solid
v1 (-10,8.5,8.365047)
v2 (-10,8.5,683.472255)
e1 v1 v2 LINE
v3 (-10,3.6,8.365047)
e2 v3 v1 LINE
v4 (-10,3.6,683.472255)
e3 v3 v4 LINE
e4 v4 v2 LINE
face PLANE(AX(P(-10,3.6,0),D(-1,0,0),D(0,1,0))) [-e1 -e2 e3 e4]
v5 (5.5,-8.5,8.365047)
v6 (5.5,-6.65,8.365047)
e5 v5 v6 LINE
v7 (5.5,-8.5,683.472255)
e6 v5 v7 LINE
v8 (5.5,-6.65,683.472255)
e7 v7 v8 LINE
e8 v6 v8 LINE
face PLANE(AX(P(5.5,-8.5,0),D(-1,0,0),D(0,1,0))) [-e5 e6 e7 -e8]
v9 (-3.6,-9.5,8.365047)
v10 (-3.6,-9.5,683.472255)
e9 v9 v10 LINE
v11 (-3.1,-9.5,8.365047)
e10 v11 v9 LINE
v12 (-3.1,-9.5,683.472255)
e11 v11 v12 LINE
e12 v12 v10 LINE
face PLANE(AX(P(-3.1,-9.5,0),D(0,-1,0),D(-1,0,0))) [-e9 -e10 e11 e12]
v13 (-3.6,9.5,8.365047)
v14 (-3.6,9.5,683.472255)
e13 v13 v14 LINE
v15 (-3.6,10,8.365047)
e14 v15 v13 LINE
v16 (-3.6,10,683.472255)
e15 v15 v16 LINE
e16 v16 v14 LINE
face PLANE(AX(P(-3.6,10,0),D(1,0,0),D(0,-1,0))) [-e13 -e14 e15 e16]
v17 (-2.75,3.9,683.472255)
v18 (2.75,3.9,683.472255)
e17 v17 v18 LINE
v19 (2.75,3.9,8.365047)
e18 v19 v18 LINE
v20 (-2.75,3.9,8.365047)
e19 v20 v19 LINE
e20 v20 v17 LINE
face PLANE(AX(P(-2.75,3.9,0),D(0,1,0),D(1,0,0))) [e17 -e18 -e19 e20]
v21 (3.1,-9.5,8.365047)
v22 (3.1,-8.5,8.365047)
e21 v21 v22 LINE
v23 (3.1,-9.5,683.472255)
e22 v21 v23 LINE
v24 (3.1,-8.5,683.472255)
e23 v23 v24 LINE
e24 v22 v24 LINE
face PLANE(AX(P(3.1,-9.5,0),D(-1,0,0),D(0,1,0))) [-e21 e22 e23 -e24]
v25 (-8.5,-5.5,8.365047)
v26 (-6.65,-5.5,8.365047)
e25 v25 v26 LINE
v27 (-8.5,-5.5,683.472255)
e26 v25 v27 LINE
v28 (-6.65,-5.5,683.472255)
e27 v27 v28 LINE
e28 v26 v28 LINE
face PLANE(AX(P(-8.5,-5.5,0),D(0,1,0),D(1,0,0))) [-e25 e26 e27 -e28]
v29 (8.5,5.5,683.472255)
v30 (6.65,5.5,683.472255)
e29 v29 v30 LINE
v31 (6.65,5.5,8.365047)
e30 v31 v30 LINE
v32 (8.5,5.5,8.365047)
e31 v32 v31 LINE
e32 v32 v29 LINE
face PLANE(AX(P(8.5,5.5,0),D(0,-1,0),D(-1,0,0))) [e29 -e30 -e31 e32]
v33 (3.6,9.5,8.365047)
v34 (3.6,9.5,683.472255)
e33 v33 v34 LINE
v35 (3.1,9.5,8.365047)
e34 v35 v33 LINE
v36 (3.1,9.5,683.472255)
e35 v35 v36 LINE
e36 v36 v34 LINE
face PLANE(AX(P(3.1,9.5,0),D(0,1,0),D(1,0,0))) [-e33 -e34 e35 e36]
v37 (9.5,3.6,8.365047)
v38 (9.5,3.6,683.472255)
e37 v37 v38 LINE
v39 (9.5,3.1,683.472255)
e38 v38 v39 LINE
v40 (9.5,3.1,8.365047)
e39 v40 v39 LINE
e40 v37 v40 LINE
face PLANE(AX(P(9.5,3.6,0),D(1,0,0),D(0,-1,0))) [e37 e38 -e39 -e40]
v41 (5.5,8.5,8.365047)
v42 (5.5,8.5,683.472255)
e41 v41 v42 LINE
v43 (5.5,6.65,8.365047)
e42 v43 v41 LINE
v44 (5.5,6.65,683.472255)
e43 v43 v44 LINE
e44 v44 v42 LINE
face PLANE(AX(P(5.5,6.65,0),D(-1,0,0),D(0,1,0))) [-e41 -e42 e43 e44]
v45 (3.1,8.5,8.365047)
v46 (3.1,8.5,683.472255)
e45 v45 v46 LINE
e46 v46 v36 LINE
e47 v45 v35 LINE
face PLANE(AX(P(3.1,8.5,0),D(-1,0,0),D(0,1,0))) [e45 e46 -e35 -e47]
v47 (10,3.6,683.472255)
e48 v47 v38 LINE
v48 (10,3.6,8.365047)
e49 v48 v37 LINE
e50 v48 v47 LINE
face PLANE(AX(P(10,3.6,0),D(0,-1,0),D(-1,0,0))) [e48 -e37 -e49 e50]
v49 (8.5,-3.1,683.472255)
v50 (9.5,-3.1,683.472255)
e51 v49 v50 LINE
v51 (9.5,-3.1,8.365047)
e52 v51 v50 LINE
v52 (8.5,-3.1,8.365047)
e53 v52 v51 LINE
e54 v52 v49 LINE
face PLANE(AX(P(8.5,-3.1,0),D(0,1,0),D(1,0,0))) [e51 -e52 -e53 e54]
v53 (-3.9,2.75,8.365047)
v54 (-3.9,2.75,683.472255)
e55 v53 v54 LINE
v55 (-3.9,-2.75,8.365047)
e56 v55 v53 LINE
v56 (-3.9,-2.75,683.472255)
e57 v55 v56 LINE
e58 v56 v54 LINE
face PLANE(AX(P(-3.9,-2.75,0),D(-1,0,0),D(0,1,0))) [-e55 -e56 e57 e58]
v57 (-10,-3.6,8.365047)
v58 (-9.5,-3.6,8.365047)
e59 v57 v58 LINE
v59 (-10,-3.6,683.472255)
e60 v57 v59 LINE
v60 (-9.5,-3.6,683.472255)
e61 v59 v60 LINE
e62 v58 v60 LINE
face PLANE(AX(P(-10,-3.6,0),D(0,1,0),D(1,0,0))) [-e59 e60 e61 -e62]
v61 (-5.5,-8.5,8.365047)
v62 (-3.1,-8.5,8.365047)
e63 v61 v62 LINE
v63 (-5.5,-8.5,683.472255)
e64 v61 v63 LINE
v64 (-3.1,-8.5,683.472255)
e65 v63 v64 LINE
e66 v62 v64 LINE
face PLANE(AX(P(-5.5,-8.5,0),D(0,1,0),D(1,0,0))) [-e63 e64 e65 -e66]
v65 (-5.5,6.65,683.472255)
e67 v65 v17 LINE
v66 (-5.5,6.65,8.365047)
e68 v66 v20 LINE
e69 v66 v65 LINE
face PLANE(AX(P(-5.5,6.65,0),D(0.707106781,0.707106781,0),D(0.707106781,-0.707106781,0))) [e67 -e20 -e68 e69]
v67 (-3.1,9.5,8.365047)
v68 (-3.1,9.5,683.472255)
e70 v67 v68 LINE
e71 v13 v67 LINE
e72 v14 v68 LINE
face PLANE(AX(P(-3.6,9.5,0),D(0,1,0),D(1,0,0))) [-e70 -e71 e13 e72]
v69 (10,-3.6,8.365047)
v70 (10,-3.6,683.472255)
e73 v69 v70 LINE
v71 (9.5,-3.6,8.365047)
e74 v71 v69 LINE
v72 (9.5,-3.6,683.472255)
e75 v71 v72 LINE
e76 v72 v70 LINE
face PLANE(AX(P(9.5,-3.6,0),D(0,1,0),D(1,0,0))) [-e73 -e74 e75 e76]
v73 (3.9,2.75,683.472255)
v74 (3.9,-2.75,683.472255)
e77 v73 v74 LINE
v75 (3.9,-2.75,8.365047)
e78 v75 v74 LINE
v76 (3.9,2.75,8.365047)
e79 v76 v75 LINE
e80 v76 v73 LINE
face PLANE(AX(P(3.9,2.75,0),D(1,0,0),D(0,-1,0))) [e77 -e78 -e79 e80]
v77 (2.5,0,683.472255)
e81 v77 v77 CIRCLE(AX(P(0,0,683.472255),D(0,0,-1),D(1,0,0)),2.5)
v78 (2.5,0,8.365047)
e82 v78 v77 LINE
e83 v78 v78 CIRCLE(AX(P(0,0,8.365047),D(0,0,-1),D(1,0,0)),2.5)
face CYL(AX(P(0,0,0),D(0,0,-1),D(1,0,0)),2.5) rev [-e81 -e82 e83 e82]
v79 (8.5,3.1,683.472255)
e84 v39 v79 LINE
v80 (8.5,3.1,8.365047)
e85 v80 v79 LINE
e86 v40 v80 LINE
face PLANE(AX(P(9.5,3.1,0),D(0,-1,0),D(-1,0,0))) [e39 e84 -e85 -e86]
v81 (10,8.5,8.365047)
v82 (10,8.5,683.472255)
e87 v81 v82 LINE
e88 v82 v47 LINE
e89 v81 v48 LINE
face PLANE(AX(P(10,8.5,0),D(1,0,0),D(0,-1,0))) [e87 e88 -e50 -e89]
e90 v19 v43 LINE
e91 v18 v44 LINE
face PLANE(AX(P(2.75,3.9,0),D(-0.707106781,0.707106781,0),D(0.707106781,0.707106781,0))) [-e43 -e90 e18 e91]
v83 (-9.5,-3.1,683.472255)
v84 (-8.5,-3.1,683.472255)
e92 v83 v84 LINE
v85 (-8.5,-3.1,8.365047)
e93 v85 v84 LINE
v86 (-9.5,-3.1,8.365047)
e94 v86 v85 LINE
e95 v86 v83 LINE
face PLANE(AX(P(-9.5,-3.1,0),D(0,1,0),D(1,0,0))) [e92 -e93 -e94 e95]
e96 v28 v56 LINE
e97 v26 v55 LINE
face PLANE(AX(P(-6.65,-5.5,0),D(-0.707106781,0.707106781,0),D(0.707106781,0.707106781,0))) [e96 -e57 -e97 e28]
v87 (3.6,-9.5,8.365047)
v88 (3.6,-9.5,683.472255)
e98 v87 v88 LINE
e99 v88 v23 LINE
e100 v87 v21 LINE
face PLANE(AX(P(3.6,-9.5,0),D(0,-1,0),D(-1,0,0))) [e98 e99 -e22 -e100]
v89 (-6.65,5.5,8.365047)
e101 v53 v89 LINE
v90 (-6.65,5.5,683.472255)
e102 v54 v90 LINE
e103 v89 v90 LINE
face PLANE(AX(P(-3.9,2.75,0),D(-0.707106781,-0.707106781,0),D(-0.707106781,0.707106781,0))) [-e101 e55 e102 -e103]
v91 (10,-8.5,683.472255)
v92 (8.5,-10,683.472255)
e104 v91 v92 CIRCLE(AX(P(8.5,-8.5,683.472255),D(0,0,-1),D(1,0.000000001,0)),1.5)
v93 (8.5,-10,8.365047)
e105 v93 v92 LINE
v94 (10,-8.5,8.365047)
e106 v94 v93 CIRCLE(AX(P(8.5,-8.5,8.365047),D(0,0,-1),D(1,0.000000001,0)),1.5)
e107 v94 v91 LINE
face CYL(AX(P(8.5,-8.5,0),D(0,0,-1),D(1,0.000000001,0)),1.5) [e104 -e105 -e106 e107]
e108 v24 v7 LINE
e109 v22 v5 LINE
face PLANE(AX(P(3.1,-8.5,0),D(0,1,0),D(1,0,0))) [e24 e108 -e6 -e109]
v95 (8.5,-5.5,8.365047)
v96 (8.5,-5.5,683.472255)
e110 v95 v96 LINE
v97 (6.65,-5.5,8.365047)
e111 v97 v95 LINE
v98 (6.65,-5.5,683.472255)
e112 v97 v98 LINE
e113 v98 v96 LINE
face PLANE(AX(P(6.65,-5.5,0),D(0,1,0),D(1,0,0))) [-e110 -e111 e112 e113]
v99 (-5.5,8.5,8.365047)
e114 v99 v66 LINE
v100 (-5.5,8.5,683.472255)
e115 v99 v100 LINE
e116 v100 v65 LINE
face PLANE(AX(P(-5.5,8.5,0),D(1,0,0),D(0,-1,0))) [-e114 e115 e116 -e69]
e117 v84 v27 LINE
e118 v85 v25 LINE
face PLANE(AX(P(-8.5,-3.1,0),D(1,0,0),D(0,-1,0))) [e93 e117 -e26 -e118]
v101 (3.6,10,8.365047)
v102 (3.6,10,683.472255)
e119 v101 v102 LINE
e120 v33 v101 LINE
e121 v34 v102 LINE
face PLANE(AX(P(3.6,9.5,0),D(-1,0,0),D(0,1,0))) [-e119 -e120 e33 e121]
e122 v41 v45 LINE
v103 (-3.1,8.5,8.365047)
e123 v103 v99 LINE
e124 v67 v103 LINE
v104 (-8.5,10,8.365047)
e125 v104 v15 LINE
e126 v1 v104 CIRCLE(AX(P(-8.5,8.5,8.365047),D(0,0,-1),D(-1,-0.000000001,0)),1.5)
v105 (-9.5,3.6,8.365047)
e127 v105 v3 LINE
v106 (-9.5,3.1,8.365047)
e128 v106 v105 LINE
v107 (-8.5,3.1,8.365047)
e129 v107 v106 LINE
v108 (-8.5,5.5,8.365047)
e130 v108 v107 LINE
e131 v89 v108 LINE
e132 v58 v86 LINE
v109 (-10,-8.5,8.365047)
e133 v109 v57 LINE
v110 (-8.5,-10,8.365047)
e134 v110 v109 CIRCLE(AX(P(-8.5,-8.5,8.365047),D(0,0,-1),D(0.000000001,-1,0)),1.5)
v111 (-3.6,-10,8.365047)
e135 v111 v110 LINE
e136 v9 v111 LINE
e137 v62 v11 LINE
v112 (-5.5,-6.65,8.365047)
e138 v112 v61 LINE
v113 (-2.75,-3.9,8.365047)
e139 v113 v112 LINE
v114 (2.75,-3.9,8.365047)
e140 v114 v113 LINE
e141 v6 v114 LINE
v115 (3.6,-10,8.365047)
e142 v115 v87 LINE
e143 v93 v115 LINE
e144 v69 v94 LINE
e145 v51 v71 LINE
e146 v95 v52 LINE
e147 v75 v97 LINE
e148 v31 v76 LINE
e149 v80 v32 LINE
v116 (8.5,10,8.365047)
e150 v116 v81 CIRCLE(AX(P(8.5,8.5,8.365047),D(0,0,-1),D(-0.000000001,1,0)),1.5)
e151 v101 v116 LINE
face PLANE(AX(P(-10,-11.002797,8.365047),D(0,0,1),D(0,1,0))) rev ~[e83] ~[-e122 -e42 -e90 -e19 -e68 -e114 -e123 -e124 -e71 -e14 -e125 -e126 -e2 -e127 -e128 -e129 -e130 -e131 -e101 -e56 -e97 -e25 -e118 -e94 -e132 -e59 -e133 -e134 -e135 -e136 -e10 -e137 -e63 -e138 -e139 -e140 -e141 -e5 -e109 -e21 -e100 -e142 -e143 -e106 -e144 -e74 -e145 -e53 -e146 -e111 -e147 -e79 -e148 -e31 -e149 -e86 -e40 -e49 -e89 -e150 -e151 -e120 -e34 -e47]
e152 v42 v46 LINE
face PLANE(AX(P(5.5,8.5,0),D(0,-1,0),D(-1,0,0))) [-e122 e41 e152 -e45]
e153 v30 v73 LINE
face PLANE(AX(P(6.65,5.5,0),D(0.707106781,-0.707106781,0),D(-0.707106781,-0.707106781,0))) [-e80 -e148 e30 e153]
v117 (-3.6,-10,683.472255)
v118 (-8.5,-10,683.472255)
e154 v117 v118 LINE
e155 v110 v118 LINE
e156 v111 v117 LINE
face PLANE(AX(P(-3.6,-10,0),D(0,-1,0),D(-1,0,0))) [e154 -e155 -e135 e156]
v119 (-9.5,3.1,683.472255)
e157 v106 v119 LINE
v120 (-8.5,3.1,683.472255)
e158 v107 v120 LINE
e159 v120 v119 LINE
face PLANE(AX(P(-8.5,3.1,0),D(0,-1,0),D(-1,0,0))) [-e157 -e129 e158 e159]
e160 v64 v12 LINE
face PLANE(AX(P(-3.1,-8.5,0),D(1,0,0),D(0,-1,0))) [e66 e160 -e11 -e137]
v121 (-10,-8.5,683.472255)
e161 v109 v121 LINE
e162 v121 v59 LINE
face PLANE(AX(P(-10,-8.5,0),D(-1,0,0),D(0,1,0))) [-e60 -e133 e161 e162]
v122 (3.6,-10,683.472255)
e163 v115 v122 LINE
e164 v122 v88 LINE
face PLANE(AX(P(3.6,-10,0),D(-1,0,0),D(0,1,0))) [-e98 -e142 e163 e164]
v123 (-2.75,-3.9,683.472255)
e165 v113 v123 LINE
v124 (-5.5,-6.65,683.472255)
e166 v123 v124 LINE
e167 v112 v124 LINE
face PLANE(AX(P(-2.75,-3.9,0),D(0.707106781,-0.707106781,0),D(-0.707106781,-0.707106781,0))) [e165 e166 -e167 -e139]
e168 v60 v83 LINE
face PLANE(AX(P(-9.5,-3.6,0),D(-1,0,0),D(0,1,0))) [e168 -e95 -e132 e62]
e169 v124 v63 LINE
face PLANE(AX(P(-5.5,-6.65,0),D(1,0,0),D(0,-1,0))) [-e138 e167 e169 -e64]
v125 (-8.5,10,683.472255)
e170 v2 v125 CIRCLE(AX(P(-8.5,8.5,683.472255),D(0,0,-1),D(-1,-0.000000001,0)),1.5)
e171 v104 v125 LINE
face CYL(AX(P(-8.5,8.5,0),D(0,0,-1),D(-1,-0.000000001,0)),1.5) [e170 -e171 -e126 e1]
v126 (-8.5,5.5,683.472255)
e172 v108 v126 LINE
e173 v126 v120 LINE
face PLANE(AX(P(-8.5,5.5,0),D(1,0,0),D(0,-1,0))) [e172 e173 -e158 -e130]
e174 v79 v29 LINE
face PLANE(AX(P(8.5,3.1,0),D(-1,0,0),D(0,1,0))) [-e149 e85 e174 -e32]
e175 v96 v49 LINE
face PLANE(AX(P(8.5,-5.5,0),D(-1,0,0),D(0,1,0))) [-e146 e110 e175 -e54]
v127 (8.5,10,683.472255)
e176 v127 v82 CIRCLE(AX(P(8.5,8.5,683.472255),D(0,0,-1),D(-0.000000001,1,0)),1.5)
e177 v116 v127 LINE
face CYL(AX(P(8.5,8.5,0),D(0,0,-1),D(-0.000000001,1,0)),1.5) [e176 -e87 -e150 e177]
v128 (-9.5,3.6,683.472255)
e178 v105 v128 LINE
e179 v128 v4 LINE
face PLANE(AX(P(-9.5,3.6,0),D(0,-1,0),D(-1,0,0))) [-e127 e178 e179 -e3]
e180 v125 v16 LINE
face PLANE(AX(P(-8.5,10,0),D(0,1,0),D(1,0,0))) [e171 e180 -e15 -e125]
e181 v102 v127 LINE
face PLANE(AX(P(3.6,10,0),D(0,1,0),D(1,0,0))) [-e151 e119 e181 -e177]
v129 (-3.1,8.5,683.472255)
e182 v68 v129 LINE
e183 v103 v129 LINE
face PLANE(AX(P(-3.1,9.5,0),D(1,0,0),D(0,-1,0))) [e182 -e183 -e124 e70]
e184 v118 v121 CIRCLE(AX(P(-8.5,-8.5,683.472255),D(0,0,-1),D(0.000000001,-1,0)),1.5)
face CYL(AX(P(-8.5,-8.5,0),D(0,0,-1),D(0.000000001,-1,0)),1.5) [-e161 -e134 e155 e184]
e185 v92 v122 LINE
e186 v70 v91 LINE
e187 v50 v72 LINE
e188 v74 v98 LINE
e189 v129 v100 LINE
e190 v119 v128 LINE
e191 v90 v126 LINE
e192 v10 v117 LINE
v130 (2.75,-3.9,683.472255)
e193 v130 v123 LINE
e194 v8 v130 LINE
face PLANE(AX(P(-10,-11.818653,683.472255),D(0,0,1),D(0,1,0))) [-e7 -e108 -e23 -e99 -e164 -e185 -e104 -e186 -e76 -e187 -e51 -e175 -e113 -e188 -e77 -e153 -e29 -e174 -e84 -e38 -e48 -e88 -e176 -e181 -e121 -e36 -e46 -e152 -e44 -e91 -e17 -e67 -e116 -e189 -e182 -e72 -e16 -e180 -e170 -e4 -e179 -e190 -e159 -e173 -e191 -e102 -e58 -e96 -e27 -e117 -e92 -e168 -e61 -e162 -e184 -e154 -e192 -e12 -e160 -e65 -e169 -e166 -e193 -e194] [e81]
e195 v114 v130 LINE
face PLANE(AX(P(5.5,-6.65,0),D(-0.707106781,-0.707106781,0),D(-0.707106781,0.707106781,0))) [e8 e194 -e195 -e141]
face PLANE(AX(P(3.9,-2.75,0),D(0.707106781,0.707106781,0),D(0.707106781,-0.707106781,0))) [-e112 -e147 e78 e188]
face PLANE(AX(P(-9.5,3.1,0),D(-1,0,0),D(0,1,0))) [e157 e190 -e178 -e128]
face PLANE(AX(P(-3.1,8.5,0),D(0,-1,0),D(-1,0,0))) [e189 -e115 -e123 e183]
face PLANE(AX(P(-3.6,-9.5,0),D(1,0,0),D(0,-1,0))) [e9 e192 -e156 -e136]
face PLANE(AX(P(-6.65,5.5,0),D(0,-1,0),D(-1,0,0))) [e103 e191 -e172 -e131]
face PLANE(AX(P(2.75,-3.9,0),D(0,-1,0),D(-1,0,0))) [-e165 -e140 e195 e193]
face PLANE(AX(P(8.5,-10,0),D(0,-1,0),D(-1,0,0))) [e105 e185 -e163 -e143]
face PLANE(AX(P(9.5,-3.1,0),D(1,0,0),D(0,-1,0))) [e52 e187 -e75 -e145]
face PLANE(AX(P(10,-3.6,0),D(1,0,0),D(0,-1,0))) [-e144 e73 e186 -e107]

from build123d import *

# Parameters (mm, degrees)
SKETCH_1_R          = 2.5
EXTRUDE_1_DEPTH     = 700
SKETCH_2_W          = 16.527744628
SKETCH_2_H          = 22.497789949
CUT_EXTRUDE_1_DEPTH = 21
SKETCH_3_W          = 8.365047253
SKETCH_3_H          = 23
CUT_EXTRUDE_2_DEPTH = 21


with BuildPart() as part:
    # 草图1 → 凸台-拉伸1 (new body)
    with BuildSketch(Plane.XY):
        with BuildLine():
            Line((-3.6, 10), (-3.6, 9.5))
            Line((-3.6, 9.5), (-3.1, 9.5))
            Line((-3.1, 9.5), (-3.1, 8.5))
            Line((-3.1, 8.5), (-5.5, 8.5))
            Line((-5.5, 8.5), (-5.5, 6.65))
            Line((-5.5, 6.65), (-2.75, 3.9))
            Line((-2.75, 3.9), (2.75, 3.9))
            Line((2.75, 3.9), (5.5, 6.65))
            Line((5.5, 6.65), (5.5, 8.5))
            Line((5.5, 8.5), (3.1, 8.5))
            Line((3.1, 8.5), (3.1, 9.5))
            Line((3.1, 9.5), (3.6, 9.5))
            Line((3.6, 9.5), (3.6, 10))
            Line((3.6, 10), (8.5, 10))
            ThreePointArc((8.5, 10), (9.560660172, 9.560660172), (10, 8.5))
            Line((10, 8.5), (10, 3.6))
            Line((10, 3.6), (9.5, 3.6))
            Line((9.5, 3.6), (9.5, 3.1))
            Line((9.5, 3.1), (8.5, 3.1))
            Line((8.5, 3.1), (8.5, 5.5))
            Line((8.5, 5.5), (6.65, 5.5))
            Line((6.65, 5.5), (3.9, 2.75))
            Line((3.9, 2.75), (3.9, -2.75))
            Line((3.9, -2.75), (6.65, -5.5))
            Line((6.65, -5.5), (8.5, -5.5))
            Line((8.5, -5.5), (8.5, -3.1))
            Line((8.5, -3.1), (9.5, -3.1))
            Line((9.5, -3.1), (9.5, -3.6))
            Line((9.5, -3.6), (10, -3.6))
            Line((10, -3.6), (10, -8.5))
            ThreePointArc((10, -8.5), (9.560660172, -9.560660172), (8.5, -10))
            Line((8.5, -10), (3.6, -10))
            Line((3.6, -10), (3.6, -9.5))
            Line((3.6, -9.5), (3.1, -9.5))
            Line((3.1, -9.5), (3.1, -8.5))
            Line((3.1, -8.5), (5.5, -8.5))
            Line((5.5, -8.5), (5.5, -6.65))
            Line((5.5, -6.65), (2.75, -3.9))
            Line((2.75, -3.9), (-2.75, -3.9))
            Line((-2.75, -3.9), (-5.5, -6.65))
            Line((-5.5, -6.65), (-5.5, -8.5))
            Line((-5.5, -8.5), (-3.1, -8.5))
            Line((-3.1, -8.5), (-3.1, -9.5))
            Line((-3.1, -9.5), (-3.6, -9.5))
            Line((-3.6, -9.5), (-3.6, -10))
            Line((-3.6, -10), (-8.5, -10))
            ThreePointArc((-8.5, -10), (-9.560660172, -9.560660172), (-10, -8.5))
            Line((-10, -8.5), (-10, -3.6))
            Line((-10, -3.6), (-9.5, -3.6))
            Line((-9.5, -3.6), (-9.5, -3.1))
            Line((-9.5, -3.1), (-8.5, -3.1))
            Line((-8.5, -3.1), (-8.5, -5.5))
            Line((-8.5, -5.5), (-6.65, -5.5))
            Line((-6.65, -5.5), (-3.9, -2.75))
            Line((-3.9, -2.75), (-3.9, 2.75))
            Line((-3.9, 2.75), (-6.65, 5.5))
            Line((-6.65, 5.5), (-8.5, 5.5))
            Line((-8.5, 5.5), (-8.5, 3.1))
            Line((-8.5, 3.1), (-9.5, 3.1))
            Line((-9.5, 3.1), (-9.5, 3.6))
            Line((-9.5, 3.6), (-10, 3.6))
            Line((-10, 3.6), (-10, 8.5))
            ThreePointArc((-10, 8.5), (-9.560660172, 9.560660172), (-8.5, 10))
            Line((-8.5, 10), (-3.6, 10))
        make_face()
        Circle(SKETCH_1_R, mode=Mode.SUBTRACT)
    extrude(amount=EXTRUDE_1_DEPTH)

    # 草图2 → 切除-拉伸1 (cut, through all)
    with BuildSketch(Plane.ZY.offset(10)):
        with Locations((691.736127686, -0.569757727)):
            Rectangle(SKETCH_2_W, SKETCH_2_H)
    extrude(amount=-CUT_EXTRUDE_1_DEPTH, mode=Mode.SUBTRACT)

    # 草图3 → 切除-拉伸2 (cut, through all)
    with BuildSketch(Plane.ZY.offset(10)):
        with Locations((4.182523627, 0.497203085)):
            Rectangle(SKETCH_3_W, SKETCH_3_H)
    extrude(amount=-CUT_EXTRUDE_2_DEPTH, mode=Mode.SUBTRACT)


solid = part.part
